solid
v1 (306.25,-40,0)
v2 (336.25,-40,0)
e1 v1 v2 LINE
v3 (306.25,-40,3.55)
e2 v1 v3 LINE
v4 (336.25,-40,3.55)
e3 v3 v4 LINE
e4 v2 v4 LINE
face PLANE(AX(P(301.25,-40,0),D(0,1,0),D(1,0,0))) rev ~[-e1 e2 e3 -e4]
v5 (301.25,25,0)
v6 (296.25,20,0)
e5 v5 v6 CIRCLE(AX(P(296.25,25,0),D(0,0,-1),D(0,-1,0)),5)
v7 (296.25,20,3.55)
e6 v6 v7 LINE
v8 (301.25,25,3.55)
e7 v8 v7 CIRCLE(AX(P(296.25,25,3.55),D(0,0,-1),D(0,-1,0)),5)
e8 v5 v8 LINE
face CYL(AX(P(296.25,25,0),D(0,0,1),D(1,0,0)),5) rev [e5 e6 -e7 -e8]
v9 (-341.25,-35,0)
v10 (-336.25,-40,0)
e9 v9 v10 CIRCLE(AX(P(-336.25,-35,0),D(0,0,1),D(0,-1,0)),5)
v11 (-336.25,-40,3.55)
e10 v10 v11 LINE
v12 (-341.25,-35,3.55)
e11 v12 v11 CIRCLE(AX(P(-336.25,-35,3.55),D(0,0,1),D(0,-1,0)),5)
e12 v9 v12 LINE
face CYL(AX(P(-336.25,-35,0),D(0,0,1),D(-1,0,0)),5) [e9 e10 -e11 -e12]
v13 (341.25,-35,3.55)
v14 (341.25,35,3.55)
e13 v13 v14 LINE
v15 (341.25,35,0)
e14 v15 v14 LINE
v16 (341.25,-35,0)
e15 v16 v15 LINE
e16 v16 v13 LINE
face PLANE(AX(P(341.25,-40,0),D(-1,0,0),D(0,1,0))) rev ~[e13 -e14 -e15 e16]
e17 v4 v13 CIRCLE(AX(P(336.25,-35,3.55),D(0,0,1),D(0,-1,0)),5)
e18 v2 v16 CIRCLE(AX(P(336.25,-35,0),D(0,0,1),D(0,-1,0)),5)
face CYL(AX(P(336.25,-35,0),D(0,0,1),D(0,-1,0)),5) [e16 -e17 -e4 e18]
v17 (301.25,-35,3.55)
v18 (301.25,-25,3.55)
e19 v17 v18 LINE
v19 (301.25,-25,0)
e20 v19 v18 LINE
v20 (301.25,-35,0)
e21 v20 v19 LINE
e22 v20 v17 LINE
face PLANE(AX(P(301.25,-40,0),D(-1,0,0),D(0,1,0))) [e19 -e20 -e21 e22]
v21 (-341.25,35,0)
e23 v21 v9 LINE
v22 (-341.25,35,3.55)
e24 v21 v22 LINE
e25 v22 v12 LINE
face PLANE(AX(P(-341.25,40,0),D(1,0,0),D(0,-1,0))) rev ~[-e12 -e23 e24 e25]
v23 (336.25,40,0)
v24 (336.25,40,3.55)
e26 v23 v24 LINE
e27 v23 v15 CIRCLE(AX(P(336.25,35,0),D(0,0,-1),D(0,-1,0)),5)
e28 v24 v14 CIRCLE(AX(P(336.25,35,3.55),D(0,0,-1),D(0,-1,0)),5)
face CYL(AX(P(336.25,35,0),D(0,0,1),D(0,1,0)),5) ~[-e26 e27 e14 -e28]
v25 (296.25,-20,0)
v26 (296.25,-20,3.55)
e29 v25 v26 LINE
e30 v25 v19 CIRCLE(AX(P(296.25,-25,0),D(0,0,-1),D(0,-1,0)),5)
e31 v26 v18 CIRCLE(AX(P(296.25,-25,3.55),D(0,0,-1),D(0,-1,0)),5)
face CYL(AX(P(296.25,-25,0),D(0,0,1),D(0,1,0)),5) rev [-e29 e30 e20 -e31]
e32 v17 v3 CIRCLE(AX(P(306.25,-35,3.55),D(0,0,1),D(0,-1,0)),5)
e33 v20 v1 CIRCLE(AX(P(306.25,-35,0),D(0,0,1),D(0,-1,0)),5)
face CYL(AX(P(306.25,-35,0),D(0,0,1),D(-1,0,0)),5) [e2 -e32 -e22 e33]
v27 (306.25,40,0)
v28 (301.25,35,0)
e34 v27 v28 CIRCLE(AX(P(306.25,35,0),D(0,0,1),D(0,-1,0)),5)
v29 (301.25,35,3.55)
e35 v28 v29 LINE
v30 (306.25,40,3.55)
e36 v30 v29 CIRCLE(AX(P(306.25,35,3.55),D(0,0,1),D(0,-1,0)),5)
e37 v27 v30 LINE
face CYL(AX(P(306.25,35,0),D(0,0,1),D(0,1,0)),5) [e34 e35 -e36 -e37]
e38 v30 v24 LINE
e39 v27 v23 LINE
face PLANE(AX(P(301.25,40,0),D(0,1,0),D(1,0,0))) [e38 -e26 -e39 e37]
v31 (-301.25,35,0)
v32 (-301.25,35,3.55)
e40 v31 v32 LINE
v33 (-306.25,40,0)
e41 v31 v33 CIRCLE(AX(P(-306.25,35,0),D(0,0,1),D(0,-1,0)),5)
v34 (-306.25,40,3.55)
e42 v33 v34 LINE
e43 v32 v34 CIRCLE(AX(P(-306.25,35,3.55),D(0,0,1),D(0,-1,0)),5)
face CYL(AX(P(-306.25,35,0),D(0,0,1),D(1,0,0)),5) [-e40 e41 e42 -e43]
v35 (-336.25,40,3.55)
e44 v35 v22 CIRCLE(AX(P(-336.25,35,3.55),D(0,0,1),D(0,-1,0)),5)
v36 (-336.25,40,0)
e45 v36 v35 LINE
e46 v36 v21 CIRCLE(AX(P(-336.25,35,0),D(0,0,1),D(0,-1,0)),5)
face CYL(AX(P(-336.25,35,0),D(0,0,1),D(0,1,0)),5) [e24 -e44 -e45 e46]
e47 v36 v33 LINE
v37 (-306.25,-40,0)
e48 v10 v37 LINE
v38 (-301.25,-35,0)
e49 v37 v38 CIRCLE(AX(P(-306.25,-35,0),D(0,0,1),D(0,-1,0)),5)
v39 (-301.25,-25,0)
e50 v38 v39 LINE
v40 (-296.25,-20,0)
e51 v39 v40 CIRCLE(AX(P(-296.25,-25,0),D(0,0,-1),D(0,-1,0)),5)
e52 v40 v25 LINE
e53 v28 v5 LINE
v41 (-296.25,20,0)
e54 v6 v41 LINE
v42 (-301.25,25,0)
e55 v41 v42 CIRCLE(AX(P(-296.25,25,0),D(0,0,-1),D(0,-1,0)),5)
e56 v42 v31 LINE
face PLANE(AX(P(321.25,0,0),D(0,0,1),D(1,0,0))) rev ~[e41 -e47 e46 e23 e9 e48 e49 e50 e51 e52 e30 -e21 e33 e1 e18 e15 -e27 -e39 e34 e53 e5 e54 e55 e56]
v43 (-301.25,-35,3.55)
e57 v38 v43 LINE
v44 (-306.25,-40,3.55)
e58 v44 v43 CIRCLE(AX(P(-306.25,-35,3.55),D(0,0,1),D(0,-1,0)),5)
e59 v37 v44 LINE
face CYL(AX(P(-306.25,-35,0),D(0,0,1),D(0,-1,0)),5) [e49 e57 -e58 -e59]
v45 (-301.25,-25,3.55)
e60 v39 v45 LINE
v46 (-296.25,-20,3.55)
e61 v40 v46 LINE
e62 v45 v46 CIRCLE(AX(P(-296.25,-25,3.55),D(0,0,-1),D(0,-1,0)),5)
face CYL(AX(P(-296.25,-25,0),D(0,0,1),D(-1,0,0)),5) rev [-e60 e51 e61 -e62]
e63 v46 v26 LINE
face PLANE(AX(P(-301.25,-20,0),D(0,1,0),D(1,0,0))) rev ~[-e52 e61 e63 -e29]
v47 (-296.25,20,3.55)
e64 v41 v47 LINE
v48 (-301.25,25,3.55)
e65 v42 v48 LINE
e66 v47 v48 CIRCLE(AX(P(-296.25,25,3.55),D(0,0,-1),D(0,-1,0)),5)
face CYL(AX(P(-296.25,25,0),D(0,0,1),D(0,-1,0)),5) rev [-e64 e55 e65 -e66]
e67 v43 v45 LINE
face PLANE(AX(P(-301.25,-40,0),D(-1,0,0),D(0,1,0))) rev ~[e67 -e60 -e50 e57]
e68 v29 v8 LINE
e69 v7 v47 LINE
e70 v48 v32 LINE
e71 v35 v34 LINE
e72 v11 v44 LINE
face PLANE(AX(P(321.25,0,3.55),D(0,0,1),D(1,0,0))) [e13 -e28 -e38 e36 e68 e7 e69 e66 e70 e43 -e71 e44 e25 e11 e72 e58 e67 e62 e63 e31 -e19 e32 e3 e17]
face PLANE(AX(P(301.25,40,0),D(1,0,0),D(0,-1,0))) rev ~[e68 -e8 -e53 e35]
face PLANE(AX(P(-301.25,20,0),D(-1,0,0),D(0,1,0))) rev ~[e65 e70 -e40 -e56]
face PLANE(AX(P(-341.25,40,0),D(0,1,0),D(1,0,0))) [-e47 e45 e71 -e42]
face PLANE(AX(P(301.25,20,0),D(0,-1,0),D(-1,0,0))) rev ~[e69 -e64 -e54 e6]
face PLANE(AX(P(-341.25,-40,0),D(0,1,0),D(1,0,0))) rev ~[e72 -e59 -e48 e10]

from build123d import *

# Parameters (mm, degrees)
F0_W     = 40
F0_H     = 20
F1_DEPTH = 3.55
F2_R     = 5


with BuildPart() as f1:
    # F0 (on Top) → F1 (new body)
    with BuildSketch(Plane.XY):
        Polygon((341.25, 0), (341.25, 20), (301.25, 20), (301.25, 0), (301.25, -20), (341.25, -20), align=None)
        with Locations((321.25, 30)):
            Rectangle(F0_W, F0_H)
        Polygon((301.25, 0), (301.25, 20), (-301.25, 20), (-301.25, 0), (-301.25, -20), (301.25, -20), align=None)
        Polygon((-301.25, 0), (-301.25, 20), (-341.25, 20), (-341.25, 0), (-341.25, -20), (-301.25, -20), align=None)
        with Locations((-321.25, 30)):
            Rectangle(F0_W, F0_H)
        with Locations((321.25, -30)):
            Rectangle(F0_W, F0_H)
        with Locations((-321.25, -30)):
            Rectangle(F0_W, F0_H)
    extrude(amount=F1_DEPTH)

    # F2
    f2_edges = [f1.edges().sort_by_distance(p)[0] for p in [
        (-301.25, 20, 1.775),
        (-301.25, 40, 1.775),
        (-341.25, 40, 1.775),
        (-301.25, -40, 1.775),
        (-341.25, -40, 1.775),
        (-301.25, -20, 1.775),
        (301.25, -20, 1.775),
        (301.25, -40, 1.775),
        (341.25, -40, 1.775),
        (341.25, 40, 1.775),
        (301.25, 40, 1.775),
        (301.25, 20, 1.775),
    ]]
    fillet(f2_edges, radius=F2_R)


solid = f1.part
